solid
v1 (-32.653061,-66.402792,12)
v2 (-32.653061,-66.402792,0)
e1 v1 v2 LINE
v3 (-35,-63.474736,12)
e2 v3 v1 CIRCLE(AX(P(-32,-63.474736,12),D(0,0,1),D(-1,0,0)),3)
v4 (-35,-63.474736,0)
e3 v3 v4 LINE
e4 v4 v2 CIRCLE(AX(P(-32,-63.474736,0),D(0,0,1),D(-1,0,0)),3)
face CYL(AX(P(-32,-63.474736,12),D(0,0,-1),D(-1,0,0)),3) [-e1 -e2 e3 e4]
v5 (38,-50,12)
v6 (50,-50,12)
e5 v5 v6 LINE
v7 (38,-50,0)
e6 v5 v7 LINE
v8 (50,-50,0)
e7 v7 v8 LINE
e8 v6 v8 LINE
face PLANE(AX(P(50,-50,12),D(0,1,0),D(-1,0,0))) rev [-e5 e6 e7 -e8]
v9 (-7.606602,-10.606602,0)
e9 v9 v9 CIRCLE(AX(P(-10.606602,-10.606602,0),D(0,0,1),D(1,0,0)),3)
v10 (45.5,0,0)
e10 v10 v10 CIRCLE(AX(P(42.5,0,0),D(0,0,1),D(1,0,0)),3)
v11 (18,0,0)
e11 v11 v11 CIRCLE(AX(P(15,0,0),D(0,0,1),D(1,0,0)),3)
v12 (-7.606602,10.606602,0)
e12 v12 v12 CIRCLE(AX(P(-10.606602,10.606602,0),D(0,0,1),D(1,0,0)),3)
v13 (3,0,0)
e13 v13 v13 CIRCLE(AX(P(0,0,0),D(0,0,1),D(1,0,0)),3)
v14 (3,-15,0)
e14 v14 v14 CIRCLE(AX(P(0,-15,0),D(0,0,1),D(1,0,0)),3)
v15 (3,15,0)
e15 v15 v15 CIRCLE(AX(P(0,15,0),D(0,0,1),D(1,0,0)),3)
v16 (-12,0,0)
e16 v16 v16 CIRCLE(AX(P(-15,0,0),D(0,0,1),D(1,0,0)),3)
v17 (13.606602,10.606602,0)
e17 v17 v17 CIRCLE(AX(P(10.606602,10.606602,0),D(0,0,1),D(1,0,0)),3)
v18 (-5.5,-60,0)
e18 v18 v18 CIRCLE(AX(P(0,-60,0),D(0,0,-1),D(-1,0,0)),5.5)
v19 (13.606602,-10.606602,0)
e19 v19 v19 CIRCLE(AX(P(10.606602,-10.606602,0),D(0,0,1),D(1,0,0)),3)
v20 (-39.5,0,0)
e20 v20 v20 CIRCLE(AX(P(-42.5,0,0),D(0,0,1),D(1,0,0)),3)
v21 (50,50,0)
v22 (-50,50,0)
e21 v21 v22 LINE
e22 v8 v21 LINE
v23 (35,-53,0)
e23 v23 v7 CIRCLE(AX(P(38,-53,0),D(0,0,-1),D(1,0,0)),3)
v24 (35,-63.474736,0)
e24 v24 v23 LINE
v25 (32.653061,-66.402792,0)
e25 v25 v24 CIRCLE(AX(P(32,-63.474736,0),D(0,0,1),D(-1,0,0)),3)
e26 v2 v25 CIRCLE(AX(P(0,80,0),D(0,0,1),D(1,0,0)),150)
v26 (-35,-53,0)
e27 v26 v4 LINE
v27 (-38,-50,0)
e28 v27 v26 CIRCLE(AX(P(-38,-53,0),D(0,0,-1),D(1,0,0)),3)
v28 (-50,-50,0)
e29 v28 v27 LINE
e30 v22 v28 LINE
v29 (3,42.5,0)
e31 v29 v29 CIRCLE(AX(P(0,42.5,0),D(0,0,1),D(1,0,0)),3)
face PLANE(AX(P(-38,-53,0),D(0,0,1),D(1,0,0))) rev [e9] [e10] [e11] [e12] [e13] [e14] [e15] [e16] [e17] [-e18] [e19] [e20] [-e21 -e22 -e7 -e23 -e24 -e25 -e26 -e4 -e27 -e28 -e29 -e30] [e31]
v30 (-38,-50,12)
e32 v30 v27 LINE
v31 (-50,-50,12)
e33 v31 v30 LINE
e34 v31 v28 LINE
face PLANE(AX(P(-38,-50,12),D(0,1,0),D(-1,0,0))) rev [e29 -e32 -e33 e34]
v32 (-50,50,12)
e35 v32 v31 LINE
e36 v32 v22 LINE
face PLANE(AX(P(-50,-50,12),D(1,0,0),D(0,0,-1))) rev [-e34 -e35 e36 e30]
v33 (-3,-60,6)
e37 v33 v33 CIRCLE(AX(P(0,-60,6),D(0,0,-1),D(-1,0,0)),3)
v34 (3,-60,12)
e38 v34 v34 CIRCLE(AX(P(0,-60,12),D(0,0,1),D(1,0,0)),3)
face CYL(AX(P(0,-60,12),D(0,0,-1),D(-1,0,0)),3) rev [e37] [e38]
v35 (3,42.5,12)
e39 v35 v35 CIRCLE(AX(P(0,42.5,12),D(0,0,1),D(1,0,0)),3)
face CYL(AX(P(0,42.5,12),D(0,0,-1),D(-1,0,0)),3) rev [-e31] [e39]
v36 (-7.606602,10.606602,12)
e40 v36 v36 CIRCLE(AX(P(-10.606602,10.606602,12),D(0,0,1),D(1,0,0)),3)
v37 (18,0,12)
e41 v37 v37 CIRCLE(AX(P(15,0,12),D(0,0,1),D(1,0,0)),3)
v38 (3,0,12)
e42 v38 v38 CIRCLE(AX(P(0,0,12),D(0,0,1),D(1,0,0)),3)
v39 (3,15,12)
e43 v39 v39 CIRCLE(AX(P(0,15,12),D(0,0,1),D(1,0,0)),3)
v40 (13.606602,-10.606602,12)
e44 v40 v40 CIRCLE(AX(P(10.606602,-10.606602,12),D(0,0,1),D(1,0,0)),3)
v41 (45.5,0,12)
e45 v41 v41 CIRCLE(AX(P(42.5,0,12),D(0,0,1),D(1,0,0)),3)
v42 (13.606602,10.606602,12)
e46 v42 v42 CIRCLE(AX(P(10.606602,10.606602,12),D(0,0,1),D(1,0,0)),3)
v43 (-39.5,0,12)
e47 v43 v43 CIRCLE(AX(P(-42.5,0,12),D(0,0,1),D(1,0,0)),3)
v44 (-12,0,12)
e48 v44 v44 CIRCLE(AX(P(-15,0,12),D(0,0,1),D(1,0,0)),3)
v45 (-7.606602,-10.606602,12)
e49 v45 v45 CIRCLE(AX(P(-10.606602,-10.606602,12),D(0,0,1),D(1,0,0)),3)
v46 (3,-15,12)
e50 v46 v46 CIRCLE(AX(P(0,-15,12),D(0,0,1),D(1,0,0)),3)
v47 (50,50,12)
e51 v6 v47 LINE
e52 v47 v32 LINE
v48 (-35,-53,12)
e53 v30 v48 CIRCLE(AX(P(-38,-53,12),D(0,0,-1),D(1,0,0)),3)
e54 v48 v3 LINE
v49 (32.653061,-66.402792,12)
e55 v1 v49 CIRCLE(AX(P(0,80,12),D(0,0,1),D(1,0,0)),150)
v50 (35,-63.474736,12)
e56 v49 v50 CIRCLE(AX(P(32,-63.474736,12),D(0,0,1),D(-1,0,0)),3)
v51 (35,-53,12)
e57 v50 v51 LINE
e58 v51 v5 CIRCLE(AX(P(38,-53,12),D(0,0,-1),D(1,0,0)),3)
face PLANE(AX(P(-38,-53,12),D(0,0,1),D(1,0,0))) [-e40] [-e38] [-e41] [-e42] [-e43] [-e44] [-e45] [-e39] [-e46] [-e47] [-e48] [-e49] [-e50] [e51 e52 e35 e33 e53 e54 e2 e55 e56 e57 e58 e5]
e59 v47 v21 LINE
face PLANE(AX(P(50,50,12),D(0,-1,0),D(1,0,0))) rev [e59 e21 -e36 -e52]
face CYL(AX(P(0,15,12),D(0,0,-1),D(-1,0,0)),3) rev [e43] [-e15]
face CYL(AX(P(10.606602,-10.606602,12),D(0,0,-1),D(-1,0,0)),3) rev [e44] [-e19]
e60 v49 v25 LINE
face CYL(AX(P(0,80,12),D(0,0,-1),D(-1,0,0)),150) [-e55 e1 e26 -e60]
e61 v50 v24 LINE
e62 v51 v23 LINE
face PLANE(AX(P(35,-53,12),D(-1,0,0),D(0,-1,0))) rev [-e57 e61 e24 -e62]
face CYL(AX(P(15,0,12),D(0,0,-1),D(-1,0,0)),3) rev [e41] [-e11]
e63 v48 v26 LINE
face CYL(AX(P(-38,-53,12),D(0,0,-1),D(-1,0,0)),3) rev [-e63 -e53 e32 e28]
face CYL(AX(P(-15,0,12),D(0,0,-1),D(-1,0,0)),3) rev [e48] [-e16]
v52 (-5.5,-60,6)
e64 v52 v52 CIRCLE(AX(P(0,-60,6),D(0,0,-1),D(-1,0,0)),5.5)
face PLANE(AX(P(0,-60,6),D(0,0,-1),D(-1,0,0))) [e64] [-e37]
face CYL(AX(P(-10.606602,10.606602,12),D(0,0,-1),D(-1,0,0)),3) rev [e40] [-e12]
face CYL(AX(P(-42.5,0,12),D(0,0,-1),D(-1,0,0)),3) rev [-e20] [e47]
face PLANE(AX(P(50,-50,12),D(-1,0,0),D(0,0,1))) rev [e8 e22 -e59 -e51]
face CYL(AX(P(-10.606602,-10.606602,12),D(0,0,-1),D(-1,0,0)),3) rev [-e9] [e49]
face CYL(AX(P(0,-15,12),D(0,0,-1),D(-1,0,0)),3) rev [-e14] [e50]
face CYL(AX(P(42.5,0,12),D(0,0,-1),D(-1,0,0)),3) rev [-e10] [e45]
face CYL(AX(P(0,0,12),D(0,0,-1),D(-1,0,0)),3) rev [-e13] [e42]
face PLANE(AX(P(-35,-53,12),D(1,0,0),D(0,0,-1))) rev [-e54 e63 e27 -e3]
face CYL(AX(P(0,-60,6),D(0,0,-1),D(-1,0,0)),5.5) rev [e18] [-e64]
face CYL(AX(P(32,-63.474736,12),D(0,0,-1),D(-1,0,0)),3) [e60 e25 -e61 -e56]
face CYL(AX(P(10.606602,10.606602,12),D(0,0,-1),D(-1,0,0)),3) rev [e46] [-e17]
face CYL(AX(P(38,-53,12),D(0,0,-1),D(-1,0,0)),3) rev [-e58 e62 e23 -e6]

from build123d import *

# Parameters (mm, degrees)
SKETCH_1_R          = 3
EXTRUDE_1_DEPTH     = 12
SKETCH_3_R          = 5.5
CUT_EXTRUDE_2_DEPTH = 6


with BuildPart() as part:
    # 草图1 → 凸台-拉伸1 (new body)
    with BuildSketch(Plane.XY):
        with BuildLine():
            Line((-35, -53), (-35, -63.474736452))
            ThreePointArc((-35, -63.474736452), (-34.340852801, -65.351011529), (-32.653061224, -66.402792298))
            ThreePointArc((-32.653061224, -66.402792298), (0, -70), (32.653061224, -66.402792298))
            ThreePointArc((32.653061224, -66.402792298), (34.340852801, -65.351011529), (35, -63.474736452))
            Line((35, -63.474736452), (35, -53))
            ThreePointArc((35, -53), (35.878679656, -50.878679656), (38, -50))
            Line((38, -50), (50, -50))
            Line((50, -50), (50, 50))
            Line((50, 50), (0, 50))
            Line((0, 50), (-50, 50))
            Line((-50, 50), (-50, -50))
            Line((-50, -50), (-38, -50))
            ThreePointArc((-38, -50), (-35.878679656, -50.878679656), (-35, -53))
        make_face()
        with Locations((-42.5, 0)):
            Circle(SKETCH_1_R, mode=Mode.SUBTRACT)
        with Locations((42.5, 0)):
            Circle(SKETCH_1_R, mode=Mode.SUBTRACT)
        with Locations((0, -60)):
            Circle(SKETCH_1_R, mode=Mode.SUBTRACT)
        Circle(SKETCH_1_R, mode=Mode.SUBTRACT)
        with Locations((0, 42.5)):
            Circle(SKETCH_1_R, mode=Mode.SUBTRACT)
        with Locations((15, 0)):
            Circle(SKETCH_1_R, mode=Mode.SUBTRACT)
        with Locations((10.606601718, -10.606601718)):
            Circle(SKETCH_1_R, mode=Mode.SUBTRACT)
        with Locations((0, -15)):
            Circle(SKETCH_1_R, mode=Mode.SUBTRACT)
        with Locations((-10.606601718, -10.606601718)):
            Circle(SKETCH_1_R, mode=Mode.SUBTRACT)
        with Locations((-15, 0)):
            Circle(SKETCH_1_R, mode=Mode.SUBTRACT)
        with Locations((-10.606601718, 10.606601718)):
            Circle(SKETCH_1_R, mode=Mode.SUBTRACT)
        with Locations((0, 15)):
            Circle(SKETCH_1_R, mode=Mode.SUBTRACT)
        with Locations((10.606601718, 10.606601718)):
            Circle(SKETCH_1_R, mode=Mode.SUBTRACT)
    extrude(amount=EXTRUDE_1_DEPTH)

    # 草图3 → 切除-拉伸2 (cut)
    with BuildSketch(Plane(origin=(0, 0, 0), x_dir=(-1, 0, 0), z_dir=(0, 0, -1))):
        with Locations((0, -60)):
            Circle(SKETCH_3_R)
    extrude(amount=-CUT_EXTRUDE_2_DEPTH, mode=Mode.SUBTRACT)


solid = part.part
